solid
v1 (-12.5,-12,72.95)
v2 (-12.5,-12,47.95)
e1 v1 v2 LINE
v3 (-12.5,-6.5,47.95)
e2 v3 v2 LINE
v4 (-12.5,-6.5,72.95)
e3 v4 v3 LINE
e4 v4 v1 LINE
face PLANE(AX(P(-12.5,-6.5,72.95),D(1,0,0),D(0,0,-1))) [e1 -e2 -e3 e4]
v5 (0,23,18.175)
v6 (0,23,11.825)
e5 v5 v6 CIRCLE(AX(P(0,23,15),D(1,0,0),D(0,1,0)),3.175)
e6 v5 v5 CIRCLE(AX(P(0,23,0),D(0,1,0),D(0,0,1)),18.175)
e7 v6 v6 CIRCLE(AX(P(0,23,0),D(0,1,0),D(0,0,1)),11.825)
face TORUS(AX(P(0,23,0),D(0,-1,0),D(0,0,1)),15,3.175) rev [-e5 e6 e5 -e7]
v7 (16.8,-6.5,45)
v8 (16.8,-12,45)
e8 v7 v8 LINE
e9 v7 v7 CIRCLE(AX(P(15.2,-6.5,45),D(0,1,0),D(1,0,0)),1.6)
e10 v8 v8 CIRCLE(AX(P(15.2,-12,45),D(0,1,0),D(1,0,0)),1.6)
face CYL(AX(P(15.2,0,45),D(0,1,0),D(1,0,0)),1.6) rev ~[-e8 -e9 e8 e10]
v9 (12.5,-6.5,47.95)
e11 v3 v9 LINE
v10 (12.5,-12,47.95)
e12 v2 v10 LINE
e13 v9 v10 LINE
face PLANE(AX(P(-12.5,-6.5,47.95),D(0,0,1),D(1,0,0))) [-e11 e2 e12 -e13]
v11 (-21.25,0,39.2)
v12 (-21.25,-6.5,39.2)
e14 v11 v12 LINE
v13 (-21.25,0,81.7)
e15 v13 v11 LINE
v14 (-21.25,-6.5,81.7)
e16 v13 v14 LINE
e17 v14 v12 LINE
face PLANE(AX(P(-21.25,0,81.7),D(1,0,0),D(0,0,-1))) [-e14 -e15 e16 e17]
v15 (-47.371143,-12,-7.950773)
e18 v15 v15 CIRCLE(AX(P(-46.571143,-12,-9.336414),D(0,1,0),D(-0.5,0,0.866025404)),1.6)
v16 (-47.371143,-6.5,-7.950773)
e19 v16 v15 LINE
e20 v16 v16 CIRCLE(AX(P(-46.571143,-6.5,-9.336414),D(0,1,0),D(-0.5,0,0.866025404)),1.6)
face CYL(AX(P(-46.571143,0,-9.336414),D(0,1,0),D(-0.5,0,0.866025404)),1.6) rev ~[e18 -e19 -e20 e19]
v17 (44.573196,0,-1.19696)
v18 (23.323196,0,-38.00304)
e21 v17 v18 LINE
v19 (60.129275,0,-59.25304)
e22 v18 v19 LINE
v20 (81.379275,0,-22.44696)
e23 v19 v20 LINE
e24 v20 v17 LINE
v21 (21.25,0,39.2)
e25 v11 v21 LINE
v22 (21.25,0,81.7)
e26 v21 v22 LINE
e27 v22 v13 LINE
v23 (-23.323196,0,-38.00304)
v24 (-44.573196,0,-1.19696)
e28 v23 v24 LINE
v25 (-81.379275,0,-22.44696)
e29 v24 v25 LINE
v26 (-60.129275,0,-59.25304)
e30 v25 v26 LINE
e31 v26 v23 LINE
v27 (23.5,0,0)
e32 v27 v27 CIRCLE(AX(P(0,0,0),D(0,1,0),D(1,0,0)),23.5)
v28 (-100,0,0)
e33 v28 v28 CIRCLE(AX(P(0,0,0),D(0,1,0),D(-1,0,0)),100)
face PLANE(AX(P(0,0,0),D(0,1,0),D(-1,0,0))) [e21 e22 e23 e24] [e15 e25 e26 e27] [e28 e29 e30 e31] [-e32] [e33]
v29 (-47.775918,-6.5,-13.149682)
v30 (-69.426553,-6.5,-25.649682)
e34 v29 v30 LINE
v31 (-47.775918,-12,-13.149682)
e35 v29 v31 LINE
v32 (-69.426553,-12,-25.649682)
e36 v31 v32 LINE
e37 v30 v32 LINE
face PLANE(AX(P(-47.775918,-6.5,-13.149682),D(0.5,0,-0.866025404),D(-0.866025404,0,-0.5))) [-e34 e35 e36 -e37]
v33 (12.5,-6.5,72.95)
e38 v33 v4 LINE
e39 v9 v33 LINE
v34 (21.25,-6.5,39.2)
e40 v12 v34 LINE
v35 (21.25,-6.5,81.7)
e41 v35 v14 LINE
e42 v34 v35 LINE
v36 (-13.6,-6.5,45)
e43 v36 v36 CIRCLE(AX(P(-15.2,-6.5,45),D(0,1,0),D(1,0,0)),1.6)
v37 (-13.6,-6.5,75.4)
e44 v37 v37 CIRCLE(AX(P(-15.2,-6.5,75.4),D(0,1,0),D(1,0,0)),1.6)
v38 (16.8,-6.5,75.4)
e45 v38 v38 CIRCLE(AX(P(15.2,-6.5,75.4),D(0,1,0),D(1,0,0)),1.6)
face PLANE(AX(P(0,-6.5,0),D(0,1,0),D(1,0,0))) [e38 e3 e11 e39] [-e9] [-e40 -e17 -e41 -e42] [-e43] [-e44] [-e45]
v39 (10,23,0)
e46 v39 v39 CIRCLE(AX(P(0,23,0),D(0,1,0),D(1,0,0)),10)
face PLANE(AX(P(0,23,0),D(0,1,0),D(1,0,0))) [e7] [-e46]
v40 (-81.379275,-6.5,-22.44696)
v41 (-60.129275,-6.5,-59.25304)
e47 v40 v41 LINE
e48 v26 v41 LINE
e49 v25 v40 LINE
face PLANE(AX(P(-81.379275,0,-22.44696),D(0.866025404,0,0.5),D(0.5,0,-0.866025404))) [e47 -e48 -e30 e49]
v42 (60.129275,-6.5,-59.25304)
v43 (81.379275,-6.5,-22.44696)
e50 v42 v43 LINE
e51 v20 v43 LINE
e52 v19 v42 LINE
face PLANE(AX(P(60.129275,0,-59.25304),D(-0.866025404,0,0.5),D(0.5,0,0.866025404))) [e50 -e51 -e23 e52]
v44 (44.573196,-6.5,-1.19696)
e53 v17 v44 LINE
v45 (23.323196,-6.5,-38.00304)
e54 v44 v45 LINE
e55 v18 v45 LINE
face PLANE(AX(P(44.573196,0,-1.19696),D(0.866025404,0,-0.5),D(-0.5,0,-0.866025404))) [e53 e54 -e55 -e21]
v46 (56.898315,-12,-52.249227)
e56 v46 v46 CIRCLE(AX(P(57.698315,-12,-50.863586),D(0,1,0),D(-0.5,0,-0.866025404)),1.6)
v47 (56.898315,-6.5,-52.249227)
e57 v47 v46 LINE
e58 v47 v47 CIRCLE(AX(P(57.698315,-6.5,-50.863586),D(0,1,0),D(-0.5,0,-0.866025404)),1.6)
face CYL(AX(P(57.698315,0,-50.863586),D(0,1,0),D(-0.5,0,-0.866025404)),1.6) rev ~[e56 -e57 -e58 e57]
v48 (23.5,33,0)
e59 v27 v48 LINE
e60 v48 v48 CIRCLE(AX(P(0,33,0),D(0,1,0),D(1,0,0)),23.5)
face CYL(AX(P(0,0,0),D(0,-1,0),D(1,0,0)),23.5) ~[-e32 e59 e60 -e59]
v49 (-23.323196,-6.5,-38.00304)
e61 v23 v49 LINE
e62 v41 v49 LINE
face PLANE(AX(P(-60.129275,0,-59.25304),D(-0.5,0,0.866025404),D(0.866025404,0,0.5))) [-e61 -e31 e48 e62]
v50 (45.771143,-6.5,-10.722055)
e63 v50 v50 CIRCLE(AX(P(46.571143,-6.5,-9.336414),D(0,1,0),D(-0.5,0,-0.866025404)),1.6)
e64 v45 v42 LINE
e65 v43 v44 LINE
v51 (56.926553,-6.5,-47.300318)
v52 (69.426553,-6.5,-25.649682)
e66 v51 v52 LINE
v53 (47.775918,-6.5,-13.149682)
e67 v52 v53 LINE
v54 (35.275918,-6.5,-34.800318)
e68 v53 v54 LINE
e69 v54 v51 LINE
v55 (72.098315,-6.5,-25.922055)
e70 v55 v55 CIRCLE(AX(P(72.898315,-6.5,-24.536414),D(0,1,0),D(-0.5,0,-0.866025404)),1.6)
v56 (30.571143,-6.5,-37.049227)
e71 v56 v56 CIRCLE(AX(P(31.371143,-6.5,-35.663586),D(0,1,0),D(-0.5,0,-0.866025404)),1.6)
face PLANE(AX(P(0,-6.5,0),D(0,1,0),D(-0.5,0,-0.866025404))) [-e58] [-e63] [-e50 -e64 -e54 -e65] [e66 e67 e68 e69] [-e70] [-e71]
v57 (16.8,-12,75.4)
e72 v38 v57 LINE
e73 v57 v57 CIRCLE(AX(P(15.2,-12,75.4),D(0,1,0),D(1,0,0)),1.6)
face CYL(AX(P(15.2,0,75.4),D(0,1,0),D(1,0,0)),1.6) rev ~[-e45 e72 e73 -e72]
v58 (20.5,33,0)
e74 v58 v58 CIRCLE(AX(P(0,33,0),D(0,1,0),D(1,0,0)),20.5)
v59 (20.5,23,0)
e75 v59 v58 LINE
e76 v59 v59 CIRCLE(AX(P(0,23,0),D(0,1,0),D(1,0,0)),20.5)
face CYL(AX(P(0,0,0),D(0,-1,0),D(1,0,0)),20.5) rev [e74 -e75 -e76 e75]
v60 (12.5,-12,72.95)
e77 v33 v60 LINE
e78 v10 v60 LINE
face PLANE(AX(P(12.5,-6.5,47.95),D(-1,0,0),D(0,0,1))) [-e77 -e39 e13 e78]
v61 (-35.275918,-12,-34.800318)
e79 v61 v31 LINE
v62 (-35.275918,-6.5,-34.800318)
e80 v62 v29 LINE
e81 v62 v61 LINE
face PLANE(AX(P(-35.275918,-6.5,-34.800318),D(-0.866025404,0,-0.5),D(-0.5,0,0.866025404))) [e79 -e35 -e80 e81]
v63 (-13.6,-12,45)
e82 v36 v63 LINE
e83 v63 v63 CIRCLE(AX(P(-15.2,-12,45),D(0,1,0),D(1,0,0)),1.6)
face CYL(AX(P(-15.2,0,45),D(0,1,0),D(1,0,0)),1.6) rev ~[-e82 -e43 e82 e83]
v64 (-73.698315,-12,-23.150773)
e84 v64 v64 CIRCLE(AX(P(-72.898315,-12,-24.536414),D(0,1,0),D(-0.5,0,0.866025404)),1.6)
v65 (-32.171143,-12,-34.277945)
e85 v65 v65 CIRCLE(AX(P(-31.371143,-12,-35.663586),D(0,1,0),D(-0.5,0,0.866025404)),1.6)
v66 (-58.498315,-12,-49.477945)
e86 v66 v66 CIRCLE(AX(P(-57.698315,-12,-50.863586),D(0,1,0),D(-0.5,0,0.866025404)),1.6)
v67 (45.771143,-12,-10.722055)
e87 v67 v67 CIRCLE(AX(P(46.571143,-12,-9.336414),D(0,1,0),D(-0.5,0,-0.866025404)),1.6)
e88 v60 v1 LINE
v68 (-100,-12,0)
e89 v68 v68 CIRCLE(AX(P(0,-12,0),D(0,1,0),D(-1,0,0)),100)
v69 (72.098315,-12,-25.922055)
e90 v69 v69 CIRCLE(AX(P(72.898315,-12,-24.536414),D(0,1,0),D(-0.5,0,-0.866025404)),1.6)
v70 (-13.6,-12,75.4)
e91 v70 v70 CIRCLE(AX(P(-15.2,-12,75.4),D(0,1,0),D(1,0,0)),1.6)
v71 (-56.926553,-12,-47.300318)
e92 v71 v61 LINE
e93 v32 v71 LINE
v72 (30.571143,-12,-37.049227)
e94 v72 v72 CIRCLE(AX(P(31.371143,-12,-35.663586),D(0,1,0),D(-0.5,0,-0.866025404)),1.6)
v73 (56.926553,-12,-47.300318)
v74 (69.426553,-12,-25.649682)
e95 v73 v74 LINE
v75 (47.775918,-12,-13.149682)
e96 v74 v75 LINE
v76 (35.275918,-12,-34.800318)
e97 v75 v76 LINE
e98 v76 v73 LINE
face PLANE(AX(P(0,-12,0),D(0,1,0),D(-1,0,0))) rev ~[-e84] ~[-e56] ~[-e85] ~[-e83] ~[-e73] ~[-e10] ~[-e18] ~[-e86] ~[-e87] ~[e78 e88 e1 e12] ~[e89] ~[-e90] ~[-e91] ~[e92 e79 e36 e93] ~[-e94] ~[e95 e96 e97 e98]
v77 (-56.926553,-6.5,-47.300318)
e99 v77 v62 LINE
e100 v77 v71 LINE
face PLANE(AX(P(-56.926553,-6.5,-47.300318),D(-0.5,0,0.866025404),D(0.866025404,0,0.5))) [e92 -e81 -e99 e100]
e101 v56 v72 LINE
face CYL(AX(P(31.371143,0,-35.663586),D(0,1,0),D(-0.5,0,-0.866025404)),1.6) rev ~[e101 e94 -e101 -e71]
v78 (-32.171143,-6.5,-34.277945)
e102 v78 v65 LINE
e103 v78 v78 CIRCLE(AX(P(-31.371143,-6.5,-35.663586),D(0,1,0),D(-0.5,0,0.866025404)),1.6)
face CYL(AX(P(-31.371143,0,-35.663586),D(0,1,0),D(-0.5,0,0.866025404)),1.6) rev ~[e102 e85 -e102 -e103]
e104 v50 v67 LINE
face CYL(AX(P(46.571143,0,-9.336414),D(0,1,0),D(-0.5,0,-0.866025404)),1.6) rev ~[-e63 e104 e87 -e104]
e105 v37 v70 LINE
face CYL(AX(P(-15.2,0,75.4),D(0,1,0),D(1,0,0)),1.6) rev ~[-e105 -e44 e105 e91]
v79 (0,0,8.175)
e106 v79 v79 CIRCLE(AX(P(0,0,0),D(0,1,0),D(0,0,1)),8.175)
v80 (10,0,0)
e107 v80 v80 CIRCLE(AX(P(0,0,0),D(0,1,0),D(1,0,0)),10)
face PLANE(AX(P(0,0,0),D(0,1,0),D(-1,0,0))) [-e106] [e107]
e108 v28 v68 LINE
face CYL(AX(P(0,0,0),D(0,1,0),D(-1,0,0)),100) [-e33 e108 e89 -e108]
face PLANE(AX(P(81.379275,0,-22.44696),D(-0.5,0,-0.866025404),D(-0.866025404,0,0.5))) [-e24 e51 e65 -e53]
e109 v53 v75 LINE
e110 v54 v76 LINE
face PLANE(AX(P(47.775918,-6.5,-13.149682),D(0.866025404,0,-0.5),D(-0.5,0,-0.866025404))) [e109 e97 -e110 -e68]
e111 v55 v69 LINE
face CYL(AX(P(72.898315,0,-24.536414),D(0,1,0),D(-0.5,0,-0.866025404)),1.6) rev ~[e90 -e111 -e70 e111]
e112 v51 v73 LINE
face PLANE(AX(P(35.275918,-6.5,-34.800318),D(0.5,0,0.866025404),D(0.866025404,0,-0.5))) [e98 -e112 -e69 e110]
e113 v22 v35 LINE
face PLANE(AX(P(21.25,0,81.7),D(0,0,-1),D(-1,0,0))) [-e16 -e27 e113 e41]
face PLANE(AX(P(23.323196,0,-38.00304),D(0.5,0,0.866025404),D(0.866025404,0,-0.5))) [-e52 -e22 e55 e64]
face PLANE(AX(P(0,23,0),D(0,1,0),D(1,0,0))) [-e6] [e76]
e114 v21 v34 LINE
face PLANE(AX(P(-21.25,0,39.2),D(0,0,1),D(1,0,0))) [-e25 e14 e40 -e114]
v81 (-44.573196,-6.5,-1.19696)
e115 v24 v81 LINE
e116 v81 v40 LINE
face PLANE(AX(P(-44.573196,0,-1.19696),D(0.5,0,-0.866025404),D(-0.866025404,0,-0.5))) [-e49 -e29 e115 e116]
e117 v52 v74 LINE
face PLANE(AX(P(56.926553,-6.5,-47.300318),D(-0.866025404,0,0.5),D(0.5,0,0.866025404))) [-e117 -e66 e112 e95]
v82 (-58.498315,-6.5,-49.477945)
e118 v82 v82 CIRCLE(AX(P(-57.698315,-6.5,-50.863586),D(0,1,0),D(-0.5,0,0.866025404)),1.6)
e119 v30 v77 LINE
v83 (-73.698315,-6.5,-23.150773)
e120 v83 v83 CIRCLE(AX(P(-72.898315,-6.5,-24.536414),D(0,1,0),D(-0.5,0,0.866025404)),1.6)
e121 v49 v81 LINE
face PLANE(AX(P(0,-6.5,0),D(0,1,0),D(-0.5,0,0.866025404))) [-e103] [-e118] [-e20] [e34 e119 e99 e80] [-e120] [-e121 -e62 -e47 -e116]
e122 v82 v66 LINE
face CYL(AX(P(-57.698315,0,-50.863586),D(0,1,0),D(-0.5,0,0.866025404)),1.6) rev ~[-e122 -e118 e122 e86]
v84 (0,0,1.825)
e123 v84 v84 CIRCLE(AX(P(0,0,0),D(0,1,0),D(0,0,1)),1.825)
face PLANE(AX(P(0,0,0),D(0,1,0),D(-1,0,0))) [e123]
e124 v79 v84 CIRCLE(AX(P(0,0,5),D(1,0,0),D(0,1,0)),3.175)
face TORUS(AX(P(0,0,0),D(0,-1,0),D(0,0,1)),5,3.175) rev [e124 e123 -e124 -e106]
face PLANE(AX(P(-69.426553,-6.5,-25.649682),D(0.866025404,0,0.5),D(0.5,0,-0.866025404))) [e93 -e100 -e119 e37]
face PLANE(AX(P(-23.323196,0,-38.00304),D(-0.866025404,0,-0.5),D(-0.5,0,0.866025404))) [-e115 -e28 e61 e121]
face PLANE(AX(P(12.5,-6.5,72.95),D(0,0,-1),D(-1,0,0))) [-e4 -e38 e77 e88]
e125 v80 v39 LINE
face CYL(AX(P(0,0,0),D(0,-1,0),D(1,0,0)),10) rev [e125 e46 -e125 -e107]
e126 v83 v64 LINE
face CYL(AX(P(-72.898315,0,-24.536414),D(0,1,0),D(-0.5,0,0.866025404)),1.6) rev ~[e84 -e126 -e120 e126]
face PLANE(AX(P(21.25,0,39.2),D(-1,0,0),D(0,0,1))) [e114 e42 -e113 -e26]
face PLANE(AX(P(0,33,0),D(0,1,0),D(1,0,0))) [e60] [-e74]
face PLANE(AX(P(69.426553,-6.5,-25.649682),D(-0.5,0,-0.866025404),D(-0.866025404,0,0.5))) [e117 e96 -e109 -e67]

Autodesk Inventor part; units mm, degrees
ref_plane "YZ Plane" through (0, 0, 0) normal (1, 0, 0) x (0, 1, 0)
ref_plane "XZ Plane" through (0, 0, 0) normal (0, 1, 0) x (-1, 0, 0)
ref_plane "XY Plane" through (0, 0, 0) normal (0, 0, 1) x (1, 0, 0)
sketch "Sketch1" plane through (0, 0, 0) normal (0, 1, 0) x (-1, 0, 0)
  circle A0 centre (0, 0) radius 100
  dimension "d0" = 200
extrude "Extrusion1" add sketch "Sketch1" against normal blind 12
sketch "Sketch2" plane through (0, 0, 0) normal (0, 1, 0) x (1, 0, 0)
  circle A0 centre (0, 0) radius 23.5
  circle A1 centre (0, 0) radius 20.5
  dimension "d3" = 47
  dimension "d33" = 3
extrude "Extrusion2" add sketch "Sketch2" along normal blind 33
sketch "Sketch7" plane through (0, 0, 0) normal (0, 1, 0) x (1, 0, 0)
  circle A0 centre (0, 0) radius 20.5 projected
  circle A1 centre (0, 0) radius 17.5
  circle A2 centre (0, 0) radius 10
  dimension "d37" = 35
  dimension "d40" = 20
extrude "Extrusion7" add sketch "Sketch7" along normal blind 23 contours A0 | A1
sketch "Sketch8" plane through (0, 0, 0) normal (1, 0, 0) x (0, 1, 0)
  line L0 (0, -100) -> (0, 100) projected
  circle A0 centre (0, 5) radius 3.175
  line L1 (-4.445, 0) -> (4.445, 0) projected
  point P0 (0, 0)
  point P1 (0, 0)
  dimension "d41" = 6.35
  dimension "d42" = 5
revolve "Revolution1" cut sketch "Sketch8" angle 360 about axis through (0, -10, 0) along (0, 1, 0)
sketch "Sketch9" plane through (0, 0, 0) normal (1, 0, 0) x (0, 1, 0)
  circle A0 centre (23, 15) radius 3.175
  line L0 (23, 10) -> (23, -10) projected
  line L1 (23, 20.5) -> (23, -20.5) projected
  line L2 (-5.235, 0) -> (31.41, 0) projected
  point P0 (0, 0)
  point P1 (23, 0)
  point P2 (23, 11.825)
  point P3 (23, 18.175)
  dimension "d44" = 6.35
  dimension "d45" = 15
revolve "Revolution2" cut sketch "Sketch9" angle 360 about axis through (0, -10, 0) along (0, 1, 0) picked at (21.9494, 14.8724) contours L1 A0
sketch "Sketch10" plane through (0, 0, 0) normal (0, 1, 0) x (1, 0, 0)
  line L0 (-15.2, -45) -> (15.2, -45) construction
  line L1 (15.2, -45) -> (15.2, -75.4) construction
  line L2 (15.2, -75.4) -> (-15.2, -75.4) construction
  line L3 (-15.2, -75.4) -> (-15.2, -45) construction
  circle A0 centre (-15.2, -45) radius 1.6
  circle A1 centre (15.2, -45) radius 1.6
  circle A2 centre (-15.2, -75.4) radius 1.6
  circle A3 centre (15.2, -75.4) radius 1.6
  point P0 (0, 0)
  point P1 (0, -45)
  point P2 (15.2, -60.2)
  dimension "d47" = 30.4
  dimension "d48" = 30.4
  dimension "d49" = 3.2
  dimension "d52" = 30.4
  dimension "d55" = 30.4
  dimension "d58" = 45
extrude "Extrusion8" cut sketch "Sketch10" against normal through all
pattern_circular "Circular Pattern2" count 3 over 360 about axis through (0, 0, 0) along (0, -1, 0) of "Extrusion8"
sketch "Sketch11" plane through (0, 0, 0) normal (0, 1, 0) x (1, 0, 0)
  line L0 (-21.25, -39.2) -> (21.25, -39.2)
  line L1 (21.25, -39.2) -> (21.25, -81.7)
  line L2 (21.25, -81.7) -> (-21.25, -81.7)
  line L3 (-21.25, -81.7) -> (-21.25, -39.2)
  point P0 (0, 0)
  point P1 (0, -39.2)
  dimension "d64" = 42.5
  dimension "d65" = 42.5
  dimension "d66" = 39.2
extrude "Extrusion9" cut sketch "Sketch11" against normal blind 6.5
pattern_circular "Circular Pattern3" count 3 over 360 about axis through (0, 0, 0) along (0, -1, 0) of "Extrusion9"
sketch "Sketch12" plane through (0, -6.5, 0) normal (0, 1, 0) x (1, 0, 0)
  line L0 (-12.5, -47.95) -> (12.5, -47.95)
  line L1 (12.5, -47.95) -> (12.5, -72.95)
  line L2 (12.5, -72.95) -> (-12.5, -72.95)
  line L3 (-12.5, -72.95) -> (-12.5, -47.95)
  line L4 (-21.25, -39.2) -> (21.25, -39.2) projected
  line L5 (21.25, -39.2) -> (21.25, -81.7) projected
  point P0 (0, 0)
  point P1 (0, -47.95)
  point P2 (0, -39.2)
  point P3 (12.5, -60.45)
  point P4 (21.25, -60.45)
  dimension "d72" = 25
  dimension "d73" = 25
extrude "Extrusion10" cut sketch "Sketch12" against normal through all
pattern_circular "Circular Pattern4" count 3 over 360 about axis through (0, 0, 0) along (0, -1, 0) of "Extrusion10"
properties part number "fixed_base"
